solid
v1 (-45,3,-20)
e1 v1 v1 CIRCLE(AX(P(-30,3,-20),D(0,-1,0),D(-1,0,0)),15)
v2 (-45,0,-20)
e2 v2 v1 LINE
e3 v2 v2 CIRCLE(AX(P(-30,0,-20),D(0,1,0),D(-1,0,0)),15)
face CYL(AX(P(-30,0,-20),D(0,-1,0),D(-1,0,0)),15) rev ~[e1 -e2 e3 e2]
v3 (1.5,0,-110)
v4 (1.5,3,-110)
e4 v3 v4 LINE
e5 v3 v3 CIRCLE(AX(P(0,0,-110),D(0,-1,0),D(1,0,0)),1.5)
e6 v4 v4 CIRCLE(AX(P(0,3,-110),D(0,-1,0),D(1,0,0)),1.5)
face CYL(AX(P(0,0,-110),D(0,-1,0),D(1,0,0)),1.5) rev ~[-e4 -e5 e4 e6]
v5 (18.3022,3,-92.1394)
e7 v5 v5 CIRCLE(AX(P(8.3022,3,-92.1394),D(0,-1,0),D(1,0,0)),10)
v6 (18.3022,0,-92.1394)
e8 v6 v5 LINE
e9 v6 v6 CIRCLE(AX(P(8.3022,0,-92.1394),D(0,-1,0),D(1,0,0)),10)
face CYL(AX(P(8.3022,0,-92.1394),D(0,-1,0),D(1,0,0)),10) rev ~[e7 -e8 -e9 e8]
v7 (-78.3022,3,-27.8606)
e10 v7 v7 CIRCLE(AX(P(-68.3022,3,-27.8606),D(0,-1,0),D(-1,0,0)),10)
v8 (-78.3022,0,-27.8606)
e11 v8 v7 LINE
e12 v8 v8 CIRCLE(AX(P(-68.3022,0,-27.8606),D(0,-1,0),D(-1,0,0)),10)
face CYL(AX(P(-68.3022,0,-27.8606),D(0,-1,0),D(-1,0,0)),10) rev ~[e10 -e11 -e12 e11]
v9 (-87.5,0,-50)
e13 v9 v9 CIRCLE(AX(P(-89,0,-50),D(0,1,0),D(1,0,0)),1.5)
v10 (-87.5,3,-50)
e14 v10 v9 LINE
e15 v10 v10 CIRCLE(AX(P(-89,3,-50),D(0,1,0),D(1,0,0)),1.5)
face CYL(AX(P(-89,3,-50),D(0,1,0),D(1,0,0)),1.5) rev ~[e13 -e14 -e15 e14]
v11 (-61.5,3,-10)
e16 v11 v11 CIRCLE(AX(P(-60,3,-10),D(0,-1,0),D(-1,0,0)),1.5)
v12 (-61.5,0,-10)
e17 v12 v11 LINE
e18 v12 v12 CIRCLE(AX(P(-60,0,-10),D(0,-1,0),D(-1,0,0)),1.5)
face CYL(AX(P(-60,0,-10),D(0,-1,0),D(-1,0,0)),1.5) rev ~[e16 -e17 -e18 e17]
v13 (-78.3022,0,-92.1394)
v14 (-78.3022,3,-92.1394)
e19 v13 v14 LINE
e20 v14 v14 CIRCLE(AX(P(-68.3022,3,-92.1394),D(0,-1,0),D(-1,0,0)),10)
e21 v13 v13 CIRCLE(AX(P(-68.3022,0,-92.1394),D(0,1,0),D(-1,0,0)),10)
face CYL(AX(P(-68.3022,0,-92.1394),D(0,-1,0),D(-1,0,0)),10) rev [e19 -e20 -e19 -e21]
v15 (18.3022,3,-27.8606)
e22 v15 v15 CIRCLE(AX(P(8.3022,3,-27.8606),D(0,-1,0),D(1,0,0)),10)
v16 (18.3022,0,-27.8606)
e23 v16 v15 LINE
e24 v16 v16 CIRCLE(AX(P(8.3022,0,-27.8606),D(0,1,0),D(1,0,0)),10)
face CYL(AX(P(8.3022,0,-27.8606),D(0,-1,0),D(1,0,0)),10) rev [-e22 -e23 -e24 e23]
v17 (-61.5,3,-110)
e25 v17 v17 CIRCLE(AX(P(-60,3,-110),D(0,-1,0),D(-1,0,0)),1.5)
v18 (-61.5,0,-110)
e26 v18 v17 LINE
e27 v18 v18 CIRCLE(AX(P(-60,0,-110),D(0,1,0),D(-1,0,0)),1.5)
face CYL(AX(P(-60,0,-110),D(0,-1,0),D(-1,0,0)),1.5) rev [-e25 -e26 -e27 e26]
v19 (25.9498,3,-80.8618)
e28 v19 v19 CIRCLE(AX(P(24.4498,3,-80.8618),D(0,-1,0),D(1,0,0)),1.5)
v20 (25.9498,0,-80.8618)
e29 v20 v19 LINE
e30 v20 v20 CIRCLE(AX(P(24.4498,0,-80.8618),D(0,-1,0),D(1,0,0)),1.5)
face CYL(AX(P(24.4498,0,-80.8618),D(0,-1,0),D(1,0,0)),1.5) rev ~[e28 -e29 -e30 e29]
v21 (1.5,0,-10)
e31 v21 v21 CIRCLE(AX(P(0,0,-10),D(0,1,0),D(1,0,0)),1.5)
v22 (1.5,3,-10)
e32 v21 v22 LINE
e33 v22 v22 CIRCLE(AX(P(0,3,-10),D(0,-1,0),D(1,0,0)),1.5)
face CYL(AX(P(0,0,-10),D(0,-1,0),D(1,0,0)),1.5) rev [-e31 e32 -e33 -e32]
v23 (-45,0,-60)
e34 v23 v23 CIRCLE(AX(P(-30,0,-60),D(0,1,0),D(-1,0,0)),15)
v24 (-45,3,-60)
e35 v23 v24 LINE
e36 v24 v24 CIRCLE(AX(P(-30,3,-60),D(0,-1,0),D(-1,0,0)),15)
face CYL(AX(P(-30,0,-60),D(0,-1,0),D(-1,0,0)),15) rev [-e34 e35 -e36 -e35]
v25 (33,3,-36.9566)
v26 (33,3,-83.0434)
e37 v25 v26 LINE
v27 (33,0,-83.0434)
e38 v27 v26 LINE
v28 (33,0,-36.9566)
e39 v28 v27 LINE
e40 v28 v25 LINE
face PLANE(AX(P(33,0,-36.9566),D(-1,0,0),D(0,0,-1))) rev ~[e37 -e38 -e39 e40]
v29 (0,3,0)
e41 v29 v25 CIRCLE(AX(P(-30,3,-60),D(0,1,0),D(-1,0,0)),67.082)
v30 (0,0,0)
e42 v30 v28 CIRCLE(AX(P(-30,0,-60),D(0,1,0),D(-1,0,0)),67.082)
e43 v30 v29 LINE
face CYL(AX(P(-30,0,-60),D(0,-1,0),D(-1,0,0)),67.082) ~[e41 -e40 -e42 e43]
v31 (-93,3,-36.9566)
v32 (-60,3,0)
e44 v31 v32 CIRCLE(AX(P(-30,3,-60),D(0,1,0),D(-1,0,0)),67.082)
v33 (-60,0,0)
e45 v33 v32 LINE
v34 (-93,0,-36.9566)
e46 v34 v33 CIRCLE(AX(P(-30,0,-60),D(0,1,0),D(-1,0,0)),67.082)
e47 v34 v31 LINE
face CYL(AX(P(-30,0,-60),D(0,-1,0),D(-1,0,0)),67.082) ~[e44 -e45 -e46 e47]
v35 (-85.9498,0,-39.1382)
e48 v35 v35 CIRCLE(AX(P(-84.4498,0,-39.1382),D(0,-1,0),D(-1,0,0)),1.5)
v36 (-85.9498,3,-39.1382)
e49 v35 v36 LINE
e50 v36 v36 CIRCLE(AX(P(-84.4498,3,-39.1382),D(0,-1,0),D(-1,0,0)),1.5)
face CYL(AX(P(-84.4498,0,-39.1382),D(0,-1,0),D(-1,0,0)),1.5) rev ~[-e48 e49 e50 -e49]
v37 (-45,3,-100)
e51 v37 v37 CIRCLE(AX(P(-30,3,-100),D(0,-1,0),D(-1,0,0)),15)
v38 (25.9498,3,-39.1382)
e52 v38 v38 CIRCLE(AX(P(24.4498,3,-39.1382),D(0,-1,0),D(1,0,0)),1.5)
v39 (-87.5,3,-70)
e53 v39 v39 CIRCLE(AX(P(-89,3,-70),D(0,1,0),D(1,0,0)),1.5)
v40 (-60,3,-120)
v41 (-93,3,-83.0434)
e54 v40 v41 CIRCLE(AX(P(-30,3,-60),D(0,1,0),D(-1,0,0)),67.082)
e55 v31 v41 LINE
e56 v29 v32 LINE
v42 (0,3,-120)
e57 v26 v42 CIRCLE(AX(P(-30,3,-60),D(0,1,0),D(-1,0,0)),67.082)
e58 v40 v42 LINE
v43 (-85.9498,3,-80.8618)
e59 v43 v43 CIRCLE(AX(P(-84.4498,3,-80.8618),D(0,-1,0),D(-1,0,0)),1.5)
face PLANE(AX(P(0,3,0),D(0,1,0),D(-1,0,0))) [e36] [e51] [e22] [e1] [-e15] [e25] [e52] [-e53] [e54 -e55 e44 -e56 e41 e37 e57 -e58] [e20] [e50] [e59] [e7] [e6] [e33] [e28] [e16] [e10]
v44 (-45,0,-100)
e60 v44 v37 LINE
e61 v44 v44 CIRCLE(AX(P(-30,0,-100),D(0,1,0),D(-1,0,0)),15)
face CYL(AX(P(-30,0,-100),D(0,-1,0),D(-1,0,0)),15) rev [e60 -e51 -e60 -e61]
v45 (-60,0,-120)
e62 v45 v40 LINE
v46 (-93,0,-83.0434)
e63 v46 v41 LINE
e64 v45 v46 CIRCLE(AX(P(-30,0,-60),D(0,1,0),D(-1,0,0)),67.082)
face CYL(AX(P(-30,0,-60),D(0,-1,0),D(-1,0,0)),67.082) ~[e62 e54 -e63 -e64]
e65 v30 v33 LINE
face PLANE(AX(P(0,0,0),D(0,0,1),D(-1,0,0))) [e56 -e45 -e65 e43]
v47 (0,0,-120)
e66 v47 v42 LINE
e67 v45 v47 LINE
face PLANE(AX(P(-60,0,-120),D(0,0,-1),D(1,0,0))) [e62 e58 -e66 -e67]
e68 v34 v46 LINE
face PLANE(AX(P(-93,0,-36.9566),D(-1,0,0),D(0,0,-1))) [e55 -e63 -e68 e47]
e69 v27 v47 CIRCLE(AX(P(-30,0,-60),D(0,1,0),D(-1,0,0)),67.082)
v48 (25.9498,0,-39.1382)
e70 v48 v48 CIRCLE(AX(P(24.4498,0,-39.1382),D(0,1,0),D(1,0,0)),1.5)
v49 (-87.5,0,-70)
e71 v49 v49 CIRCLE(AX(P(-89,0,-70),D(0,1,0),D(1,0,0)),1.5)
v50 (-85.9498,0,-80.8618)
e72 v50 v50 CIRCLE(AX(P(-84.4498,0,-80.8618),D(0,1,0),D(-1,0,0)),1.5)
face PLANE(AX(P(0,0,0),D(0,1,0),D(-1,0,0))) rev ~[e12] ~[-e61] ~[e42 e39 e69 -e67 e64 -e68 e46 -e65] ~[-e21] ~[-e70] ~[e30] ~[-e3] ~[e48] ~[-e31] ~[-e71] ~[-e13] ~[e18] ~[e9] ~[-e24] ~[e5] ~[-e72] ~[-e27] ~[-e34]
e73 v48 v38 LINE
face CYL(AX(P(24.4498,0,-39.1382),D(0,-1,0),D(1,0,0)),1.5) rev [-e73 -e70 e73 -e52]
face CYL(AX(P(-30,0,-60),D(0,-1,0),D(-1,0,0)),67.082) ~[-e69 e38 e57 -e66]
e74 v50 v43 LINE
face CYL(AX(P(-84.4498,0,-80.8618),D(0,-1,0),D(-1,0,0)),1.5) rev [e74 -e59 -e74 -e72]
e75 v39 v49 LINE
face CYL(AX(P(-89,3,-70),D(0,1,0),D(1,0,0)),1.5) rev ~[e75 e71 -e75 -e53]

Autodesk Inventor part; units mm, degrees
ref_plane "XZ Plane" through (0, 0, 0) normal (0, 1, 0) x (-1, 0, 0)
ref_plane "XY Plane" through (0, 0, 0) normal (0, 0, 1) x (1, 0, 0)
sketch "Sketch1" plane through (0, 0, 0) normal (0, 1, 0) x (-1, 0, 0)
  line L0 (0, 0) -> (60, 0)
  line L1 (60, 0) -> (60, -120)
  line L2 (60, -120) -> (0, -120)
  line L3 (0, -120) -> (0, 0)
  line L4 (60, 0) -> (0, -120) construction
  line L5 (60, -120) -> (0, 0) construction
  circle A0 centre (30, -60) radius 67.082
  line L6 (30, -120) -> (30, 7.082) construction
  line L7 (60, -60) -> (0, -60)
  line L8 (30, -60) -> (81.3878, -103.1195) construction
  line L9 (41.76, -45.985) -> (17.4815, -74.919) construction
  line L10 (-33, -36.9566) -> (-33, -83.0434)
  line L11 (93, -36.9566) -> (93, -83.0434)
  circle A1 centre (60, -110) radius 1.5
  circle A2 centre (70, -60) radius 12.5
  circle A3 centre (30, -100) radius 15
  circle A4 centre (84.4498, -80.8618) radius 1.5
  circle A5 centre (68.3022, -92.1394) radius 10
  circle A6 centre (30, -60) radius 15
  point P0 (60, -120)
  point P1 (60, 0)
  dimension "d0" = 120
  dimension "d25" = 60
  dimension "d27" = 50
  dimension "d38" = 63
  dimension "d39" = 63
  dimension "d50" = 3
  dimension "d51" = 10
  dimension "d52" = 25
  dimension "d53" = 40
  dimension "d54" = 30
  dimension "d55" = 40
  dimension "d56" = 20
  dimension "d57" = 50
  dimension "d58" = 30
extrude "Extrusion1" add sketch "Sketch1" along normal blind 3 contours L0 L1 A2 L7 A6 L3 | L3 A0 L10 | A0 L11 L1 A1 A5 A2 | L7 A6 A2 L1 A5 A1 L2 L3 | A2 L1 | L1 L7 A2 | A6 L7 | L7 A6 | L1 A2 L7 | A1 L1 | L1 A1 | A5 L1 | L1 A5 | A3 | A4
extrude "Extrusion3" cut sketch "Sketch1" along normal blind 10 contours A6 L7 | L7 A6 | A1 L1 | L1 A1 | A5 L1 | L1 A5 | A3 | A4
ref_plane "Work Plane5" through (-60, 0, -60) normal (0, 0, 1) x (1, 0, 0)
ref_plane "Work Plane6" through (-30, 0, 0) normal (1, 0, 0) x (0, 1, 0)
mirror "Mirror3" about plane through (-60, 0, -60) normal (0, 0, 1) of "Extrusion3"
mirror "Mirror4" about plane through (-30, 0, 0) normal (1, 0, 0) of "Extrusion3", "Mirror3"
sketch "Sketch10" plane through (0, 3, 0) normal (0, 1, 0) x (1, 0, 0)
  circle A0 centre (24.4498, 39.1382) radius 1.5 projected
  circle A1 centre (8.3022, 27.8606) radius 10 projected
  circle A2 centre (0, 10) radius 1.5 projected
  circle A3 centre (24.4498, 80.8618) radius 1.5 projected
  circle A4 centre (8.3022, 92.1394) radius 10 projected
  circle A5 centre (0, 110) radius 1.5 projected
  circle A6 centre (-84.4498, 39.1382) radius 1.5 projected
  circle A7 centre (-68.3022, 27.8606) radius 10 projected
  circle A8 centre (-60, 10) radius 1.5 projected
  circle A9 centre (-30, 20) radius 15 projected
  circle A10 centre (-84.4498, 80.8618) radius 1.5 projected
  circle A11 centre (-68.3022, 92.1394) radius 10 projected
  circle A12 centre (-60, 110) radius 1.5 projected
  circle A13 centre (-30, 100) radius 15 projected
  circle A14 centre (-30, 60) radius 15 projected
  line L0 (0, 120) -> (-60, 120) projected
  arc A15 (-60, 120) -> (-93, 83.0434) centre (-30, 60) ccw projected
  line L1 (-93, 83.0434) -> (-93, 36.9566) projected
  arc A16 (-93, 36.9566) -> (-60, 0) centre (-30, 60) ccw projected
  line L2 (-60, 0) -> (0, 0) projected
  arc A17 (0, 0) -> (33, 36.9566) centre (-30, 60) ccw projected
  line L3 (33, 36.9566) -> (33, 83.0434) projected
  arc A18 (33, 83.0434) -> (0, 120) centre (-30, 60) ccw projected
sketch "Sketch14" plane through (0, 3, 0) normal (0, 1, 0) x (1, 0, 0)
  circle A0 centre (-89, 70) radius 1.5
  circle A1 centre (-89, 50) radius 1.5
  line L0 (-93, 83.0434) -> (-93, 36.9566) projected
  line L1 (63.1517, 60) -> (-123.1517, 60) projected
  point P0 (0, 0)
  dimension "d75" = 3
  dimension "d76" = 3
  dimension "d77" = 4
  dimension "d78" = 4
  dimension "d79" = 10
  dimension "d80" = 10
extrude "Extrusion6" cut sketch "Sketch14" against normal blind 10
properties part number "Drone_plate_3"
